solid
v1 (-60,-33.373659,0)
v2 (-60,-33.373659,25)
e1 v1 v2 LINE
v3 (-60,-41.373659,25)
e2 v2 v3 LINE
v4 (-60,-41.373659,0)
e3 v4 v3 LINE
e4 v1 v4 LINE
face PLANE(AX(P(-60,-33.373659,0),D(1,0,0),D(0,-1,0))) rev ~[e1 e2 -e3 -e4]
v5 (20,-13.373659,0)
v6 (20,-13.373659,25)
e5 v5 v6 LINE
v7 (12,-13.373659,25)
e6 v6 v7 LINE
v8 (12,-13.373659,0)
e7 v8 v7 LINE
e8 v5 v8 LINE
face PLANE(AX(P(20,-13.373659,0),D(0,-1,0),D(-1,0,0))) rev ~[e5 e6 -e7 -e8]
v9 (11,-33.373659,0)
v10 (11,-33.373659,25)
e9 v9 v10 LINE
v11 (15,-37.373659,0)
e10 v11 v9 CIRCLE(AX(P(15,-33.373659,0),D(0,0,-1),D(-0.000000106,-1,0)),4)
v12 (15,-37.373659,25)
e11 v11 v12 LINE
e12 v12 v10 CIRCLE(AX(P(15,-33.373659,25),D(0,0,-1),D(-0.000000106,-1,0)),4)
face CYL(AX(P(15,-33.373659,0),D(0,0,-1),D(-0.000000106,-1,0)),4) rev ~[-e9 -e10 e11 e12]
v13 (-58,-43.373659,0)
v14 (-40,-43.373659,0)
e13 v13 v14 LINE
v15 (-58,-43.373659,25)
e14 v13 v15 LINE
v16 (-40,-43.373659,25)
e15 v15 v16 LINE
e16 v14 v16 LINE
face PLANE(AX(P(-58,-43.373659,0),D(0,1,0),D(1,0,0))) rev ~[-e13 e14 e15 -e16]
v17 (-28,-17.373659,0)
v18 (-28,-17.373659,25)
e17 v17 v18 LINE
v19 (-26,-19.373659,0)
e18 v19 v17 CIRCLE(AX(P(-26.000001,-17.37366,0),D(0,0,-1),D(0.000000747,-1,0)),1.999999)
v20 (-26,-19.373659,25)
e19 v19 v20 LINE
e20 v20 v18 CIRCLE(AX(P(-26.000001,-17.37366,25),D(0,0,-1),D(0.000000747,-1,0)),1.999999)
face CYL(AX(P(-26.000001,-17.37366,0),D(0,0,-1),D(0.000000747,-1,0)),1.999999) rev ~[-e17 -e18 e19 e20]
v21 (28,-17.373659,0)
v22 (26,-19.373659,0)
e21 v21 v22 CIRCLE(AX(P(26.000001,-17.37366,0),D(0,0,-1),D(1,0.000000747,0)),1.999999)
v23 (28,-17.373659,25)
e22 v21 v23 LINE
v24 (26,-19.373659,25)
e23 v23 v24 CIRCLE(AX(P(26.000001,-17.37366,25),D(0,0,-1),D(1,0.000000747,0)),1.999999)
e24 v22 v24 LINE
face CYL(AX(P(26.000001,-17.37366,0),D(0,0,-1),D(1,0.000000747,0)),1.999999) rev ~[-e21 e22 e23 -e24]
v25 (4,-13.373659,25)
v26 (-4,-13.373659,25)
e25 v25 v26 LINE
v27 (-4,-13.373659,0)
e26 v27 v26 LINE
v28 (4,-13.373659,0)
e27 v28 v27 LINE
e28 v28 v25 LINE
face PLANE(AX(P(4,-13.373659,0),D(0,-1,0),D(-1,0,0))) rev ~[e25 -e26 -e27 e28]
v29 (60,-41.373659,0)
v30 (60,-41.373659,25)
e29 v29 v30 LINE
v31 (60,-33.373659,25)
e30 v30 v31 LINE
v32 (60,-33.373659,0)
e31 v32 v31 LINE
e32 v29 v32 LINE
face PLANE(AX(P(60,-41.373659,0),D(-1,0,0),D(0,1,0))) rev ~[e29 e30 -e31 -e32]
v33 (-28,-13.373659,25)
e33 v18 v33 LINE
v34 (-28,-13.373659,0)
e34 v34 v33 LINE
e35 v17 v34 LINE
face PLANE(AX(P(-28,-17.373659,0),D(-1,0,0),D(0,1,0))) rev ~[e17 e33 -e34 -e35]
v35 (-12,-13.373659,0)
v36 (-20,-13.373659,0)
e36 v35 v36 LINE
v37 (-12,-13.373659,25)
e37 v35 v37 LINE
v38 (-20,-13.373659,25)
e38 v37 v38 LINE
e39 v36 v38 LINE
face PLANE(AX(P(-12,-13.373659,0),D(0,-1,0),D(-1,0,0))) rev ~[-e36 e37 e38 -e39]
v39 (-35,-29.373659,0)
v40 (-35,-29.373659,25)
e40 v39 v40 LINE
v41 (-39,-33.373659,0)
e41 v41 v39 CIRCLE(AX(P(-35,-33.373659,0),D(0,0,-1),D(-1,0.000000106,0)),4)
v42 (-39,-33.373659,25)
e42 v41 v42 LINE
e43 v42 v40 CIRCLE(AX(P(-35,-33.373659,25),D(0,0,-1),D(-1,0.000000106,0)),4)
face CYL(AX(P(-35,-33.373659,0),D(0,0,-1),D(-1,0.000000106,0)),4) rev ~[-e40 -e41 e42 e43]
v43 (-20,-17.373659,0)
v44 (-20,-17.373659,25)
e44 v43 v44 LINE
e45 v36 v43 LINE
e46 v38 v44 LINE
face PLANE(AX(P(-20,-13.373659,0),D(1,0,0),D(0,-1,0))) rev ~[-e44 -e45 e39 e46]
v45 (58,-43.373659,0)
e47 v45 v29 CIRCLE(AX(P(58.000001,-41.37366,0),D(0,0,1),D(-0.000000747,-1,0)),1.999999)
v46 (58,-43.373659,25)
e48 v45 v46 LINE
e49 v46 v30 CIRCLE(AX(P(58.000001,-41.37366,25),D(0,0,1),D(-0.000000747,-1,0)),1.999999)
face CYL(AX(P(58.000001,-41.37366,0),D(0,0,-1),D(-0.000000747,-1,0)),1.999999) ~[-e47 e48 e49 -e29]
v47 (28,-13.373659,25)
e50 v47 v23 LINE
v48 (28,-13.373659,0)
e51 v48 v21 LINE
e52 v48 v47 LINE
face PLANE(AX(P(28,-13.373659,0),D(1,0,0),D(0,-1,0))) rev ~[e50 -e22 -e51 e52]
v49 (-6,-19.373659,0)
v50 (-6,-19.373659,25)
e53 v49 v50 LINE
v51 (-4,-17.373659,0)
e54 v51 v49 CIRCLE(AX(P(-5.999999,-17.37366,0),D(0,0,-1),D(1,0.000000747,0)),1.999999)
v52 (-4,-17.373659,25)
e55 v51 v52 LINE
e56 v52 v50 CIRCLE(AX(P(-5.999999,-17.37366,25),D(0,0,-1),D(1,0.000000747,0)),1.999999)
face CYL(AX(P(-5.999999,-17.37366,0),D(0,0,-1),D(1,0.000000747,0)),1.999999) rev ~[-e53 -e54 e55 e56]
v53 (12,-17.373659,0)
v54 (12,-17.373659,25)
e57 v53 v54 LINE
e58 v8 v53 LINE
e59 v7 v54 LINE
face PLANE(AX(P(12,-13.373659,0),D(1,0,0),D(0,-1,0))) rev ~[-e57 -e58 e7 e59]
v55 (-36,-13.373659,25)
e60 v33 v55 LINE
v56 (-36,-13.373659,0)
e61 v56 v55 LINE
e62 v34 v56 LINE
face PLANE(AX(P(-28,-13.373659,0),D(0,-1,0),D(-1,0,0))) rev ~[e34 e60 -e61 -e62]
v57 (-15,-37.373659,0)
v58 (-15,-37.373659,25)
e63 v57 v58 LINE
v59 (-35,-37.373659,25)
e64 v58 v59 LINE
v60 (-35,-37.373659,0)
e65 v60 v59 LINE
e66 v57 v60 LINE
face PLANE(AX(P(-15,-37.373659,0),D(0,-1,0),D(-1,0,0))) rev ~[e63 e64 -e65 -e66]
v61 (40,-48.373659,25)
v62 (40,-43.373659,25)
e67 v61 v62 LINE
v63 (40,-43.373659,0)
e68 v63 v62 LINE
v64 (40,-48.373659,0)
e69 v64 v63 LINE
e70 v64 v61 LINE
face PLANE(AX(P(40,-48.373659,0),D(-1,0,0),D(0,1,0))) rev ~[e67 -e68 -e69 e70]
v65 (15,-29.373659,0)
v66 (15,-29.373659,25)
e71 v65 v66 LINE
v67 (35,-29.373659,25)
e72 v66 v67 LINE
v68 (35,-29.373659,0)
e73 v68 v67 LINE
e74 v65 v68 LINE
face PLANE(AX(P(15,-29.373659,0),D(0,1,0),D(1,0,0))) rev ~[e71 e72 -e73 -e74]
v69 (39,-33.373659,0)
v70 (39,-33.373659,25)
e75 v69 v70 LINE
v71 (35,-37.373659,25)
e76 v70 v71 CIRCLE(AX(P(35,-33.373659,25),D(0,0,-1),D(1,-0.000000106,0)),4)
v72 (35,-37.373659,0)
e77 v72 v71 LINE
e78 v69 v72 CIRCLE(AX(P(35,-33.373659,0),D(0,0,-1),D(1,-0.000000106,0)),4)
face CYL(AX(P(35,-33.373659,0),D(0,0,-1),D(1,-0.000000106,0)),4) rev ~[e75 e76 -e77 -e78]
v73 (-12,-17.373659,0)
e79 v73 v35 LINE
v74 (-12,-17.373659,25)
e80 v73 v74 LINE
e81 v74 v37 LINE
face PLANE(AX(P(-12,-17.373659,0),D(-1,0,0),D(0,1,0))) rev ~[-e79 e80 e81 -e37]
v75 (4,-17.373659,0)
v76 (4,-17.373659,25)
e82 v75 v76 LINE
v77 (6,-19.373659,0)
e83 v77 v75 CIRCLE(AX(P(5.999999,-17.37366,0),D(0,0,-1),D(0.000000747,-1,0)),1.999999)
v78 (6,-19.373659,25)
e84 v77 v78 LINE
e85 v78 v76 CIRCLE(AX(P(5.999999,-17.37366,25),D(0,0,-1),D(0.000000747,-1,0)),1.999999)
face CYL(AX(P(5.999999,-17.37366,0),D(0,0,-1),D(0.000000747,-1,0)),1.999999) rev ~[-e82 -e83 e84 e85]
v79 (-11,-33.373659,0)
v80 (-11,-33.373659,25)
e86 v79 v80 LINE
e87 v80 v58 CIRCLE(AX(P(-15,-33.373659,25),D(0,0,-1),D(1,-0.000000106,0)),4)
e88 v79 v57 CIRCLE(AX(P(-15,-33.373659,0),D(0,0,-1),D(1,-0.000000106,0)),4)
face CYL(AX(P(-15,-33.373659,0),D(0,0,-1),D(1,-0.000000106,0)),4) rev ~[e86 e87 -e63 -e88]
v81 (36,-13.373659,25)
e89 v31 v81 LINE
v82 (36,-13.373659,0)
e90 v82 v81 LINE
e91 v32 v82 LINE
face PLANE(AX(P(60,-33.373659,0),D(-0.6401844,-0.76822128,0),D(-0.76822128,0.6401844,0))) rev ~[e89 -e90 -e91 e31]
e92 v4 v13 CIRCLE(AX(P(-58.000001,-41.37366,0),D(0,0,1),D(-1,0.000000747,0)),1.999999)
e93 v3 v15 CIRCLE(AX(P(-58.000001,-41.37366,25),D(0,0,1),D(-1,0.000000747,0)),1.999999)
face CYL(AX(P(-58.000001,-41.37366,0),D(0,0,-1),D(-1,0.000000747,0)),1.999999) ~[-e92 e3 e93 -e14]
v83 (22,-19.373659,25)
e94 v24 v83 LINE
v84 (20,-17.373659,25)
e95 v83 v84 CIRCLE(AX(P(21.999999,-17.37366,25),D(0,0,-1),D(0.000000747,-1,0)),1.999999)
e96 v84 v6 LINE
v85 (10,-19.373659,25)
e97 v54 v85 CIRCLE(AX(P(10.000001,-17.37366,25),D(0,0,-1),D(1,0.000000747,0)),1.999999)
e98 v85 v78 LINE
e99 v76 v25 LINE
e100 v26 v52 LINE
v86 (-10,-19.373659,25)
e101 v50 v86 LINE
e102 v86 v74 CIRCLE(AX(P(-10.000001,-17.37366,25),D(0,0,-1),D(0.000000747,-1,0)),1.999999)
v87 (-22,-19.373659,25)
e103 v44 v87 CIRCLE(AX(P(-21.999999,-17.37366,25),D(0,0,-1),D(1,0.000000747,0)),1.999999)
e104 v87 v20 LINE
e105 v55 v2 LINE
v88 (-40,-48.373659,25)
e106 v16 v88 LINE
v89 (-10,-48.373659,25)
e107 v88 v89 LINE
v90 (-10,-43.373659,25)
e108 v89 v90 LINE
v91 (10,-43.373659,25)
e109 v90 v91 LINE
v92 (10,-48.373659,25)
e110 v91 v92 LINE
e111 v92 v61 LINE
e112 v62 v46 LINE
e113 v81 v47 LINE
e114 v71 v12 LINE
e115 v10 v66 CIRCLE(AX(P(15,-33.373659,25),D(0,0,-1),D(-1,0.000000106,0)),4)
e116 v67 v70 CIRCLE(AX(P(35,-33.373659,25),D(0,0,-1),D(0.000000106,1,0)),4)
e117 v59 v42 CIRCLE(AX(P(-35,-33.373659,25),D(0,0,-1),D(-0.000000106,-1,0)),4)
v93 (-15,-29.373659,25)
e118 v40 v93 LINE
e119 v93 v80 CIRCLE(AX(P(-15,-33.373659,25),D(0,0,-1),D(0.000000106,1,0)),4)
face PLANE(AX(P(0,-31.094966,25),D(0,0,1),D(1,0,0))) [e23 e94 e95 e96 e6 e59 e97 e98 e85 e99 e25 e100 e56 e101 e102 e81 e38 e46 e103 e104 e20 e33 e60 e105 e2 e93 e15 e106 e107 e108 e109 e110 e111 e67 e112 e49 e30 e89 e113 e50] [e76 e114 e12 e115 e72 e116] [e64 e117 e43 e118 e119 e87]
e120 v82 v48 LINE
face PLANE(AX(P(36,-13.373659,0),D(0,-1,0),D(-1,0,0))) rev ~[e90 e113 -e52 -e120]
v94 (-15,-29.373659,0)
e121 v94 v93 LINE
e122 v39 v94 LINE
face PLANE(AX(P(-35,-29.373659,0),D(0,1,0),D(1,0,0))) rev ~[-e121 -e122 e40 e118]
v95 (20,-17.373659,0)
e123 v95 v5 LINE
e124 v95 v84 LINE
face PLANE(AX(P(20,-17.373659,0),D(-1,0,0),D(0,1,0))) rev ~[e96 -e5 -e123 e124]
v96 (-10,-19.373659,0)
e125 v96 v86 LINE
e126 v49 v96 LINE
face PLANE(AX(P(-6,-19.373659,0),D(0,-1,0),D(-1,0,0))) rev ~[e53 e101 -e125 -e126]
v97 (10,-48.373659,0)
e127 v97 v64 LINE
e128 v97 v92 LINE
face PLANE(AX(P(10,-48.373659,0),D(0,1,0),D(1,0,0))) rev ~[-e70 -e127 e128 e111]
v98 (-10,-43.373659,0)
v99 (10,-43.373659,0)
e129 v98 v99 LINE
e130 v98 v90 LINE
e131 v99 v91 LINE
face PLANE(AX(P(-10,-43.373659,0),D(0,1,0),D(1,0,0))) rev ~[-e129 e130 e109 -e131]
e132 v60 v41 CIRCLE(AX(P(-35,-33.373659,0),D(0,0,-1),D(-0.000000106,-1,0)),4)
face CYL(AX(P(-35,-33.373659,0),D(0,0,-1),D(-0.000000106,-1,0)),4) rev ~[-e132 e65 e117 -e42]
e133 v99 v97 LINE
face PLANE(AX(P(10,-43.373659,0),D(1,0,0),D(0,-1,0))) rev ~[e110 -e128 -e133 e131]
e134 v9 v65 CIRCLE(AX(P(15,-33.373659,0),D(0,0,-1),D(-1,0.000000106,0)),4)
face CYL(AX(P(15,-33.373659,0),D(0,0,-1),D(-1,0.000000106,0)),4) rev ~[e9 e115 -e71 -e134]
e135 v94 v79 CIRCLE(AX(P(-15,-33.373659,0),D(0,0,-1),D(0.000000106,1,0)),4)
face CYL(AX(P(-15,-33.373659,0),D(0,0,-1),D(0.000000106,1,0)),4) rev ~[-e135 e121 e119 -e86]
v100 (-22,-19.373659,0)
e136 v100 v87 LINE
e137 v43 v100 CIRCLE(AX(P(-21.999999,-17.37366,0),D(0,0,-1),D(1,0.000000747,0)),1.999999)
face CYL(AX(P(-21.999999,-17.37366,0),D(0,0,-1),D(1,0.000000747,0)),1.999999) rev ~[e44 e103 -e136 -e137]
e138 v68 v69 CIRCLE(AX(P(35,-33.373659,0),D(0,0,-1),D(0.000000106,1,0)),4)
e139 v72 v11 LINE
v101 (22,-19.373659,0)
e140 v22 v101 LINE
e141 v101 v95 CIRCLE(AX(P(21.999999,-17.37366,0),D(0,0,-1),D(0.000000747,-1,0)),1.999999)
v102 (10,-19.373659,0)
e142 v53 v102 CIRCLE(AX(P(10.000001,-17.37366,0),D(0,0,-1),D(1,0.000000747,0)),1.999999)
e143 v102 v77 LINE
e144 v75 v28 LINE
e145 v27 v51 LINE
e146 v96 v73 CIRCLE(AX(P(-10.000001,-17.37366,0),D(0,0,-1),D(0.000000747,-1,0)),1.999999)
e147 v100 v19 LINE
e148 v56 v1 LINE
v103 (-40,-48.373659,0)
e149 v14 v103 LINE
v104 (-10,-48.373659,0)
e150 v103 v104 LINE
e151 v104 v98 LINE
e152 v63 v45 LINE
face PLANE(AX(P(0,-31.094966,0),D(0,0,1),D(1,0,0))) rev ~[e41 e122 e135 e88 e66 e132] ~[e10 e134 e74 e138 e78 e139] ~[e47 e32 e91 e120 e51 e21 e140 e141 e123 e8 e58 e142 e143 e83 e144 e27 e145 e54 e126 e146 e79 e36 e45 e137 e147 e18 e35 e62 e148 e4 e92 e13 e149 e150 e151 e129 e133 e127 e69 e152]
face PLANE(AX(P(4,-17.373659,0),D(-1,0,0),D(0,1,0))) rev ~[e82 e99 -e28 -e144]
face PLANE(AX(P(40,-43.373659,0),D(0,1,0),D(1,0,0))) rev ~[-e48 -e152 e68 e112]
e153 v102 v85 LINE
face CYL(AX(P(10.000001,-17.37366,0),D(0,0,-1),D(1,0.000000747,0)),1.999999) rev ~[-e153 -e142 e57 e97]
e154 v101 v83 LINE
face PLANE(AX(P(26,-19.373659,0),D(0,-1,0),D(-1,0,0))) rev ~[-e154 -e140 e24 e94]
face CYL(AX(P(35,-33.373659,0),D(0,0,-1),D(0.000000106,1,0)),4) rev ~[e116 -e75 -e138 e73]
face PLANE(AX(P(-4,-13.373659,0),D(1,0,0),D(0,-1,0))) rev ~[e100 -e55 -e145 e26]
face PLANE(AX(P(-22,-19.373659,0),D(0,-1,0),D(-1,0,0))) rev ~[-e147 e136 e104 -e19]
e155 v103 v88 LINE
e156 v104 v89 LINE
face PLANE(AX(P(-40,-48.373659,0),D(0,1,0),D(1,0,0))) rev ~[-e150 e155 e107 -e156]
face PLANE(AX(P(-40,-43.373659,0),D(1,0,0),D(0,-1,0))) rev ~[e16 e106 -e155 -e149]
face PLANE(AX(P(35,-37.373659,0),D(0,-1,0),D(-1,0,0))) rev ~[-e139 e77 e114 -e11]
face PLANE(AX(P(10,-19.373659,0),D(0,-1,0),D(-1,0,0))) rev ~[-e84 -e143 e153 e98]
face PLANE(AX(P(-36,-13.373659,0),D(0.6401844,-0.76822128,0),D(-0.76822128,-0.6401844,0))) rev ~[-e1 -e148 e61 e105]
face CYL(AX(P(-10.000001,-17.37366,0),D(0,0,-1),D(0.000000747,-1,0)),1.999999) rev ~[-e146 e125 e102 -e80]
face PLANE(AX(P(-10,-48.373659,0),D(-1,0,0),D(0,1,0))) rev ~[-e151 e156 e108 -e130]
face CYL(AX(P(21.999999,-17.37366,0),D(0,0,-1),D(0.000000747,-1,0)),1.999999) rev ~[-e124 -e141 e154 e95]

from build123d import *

# Parameters (mm, degrees)
F1_DEPTH = 25


with BuildPart() as f1:
    # F0 (on Top) → F1 (new body)
    with BuildSketch(Plane.XY):
        with BuildLine():
            ThreePointArc((-60, -41.373659), (-59.414214, -42.787873), (-58, -43.373659))
            Line((-58, -43.373659), (-40, -43.373659))
            Line((-40, -43.373659), (-40, -48.373659))
            Line((-40, -48.373659), (-10, -48.373659))
            Line((-10, -48.373659), (-10, -43.373659))
            Line((-10, -43.373659), (10, -43.373659))
            Line((10, -43.373659), (10, -48.373659))
            Line((10, -48.373659), (40, -48.373659))
            Line((40, -48.373659), (40, -43.373659))
            Line((40, -43.373659), (58, -43.373659))
            ThreePointArc((58, -43.373659), (59.414214, -42.787873), (60, -41.373659))
            Line((60, -41.373659), (60, -33.373659))
            Line((60, -33.373659), (36, -13.373659))
            Line((36, -13.373659), (28, -13.373659))
            Line((28, -13.373659), (28, -17.373659))
            ThreePointArc((28, -17.373659), (27.414214, -18.787873), (26, -19.373659))
            Line((26, -19.373659), (22, -19.373659))
            ThreePointArc((22, -19.373659), (20.585786, -18.787873), (20, -17.373659))
            Line((20, -17.373659), (20, -13.373659))
            Line((20, -13.373659), (12, -13.373659))
            Line((12, -13.373659), (12, -17.373659))
            ThreePointArc((12, -17.373659), (11.414214, -18.787873), (10, -19.373659))
            Line((10, -19.373659), (6, -19.373659))
            ThreePointArc((6, -19.373659), (4.585786, -18.787873), (4, -17.373659))
            Line((4, -17.373659), (4, -13.373659))
            Line((4, -13.373659), (-4, -13.373659))
            Line((-4, -13.373659), (-4, -17.373659))
            ThreePointArc((-4, -17.373659), (-4.585786, -18.787873), (-6, -19.373659))
            Line((-6, -19.373659), (-10, -19.373659))
            ThreePointArc((-10, -19.373659), (-11.414214, -18.787873), (-12, -17.373659))
            Line((-12, -17.373659), (-12, -13.373659))
            Line((-12, -13.373659), (-20, -13.373659))
            Line((-20, -13.373659), (-20, -17.373659))
            ThreePointArc((-20, -17.373659), (-20.585786, -18.787873), (-22, -19.373659))
            Line((-22, -19.373659), (-26, -19.373659))
            ThreePointArc((-26, -19.373659), (-27.414214, -18.787873), (-28, -17.373659))
            Line((-28, -17.373659), (-28, -13.373659))
            Line((-28, -13.373659), (-36, -13.373659))
            Line((-36, -13.373659), (-60, -33.373659))
            Line((-60, -33.373659), (-60, -41.373659))
        make_face()
        with BuildLine():
            Line((-35, -29.373659), (-15, -29.373659))
            ThreePointArc((-15, -29.373659), (-12.171573, -30.545232), (-11, -33.373659))
            ThreePointArc((-11, -33.373659), (-12.171573, -36.202086), (-15, -37.373659))
            Line((-15, -37.373659), (-35, -37.373659))
            ThreePointArc((-35, -37.373659), (-37.828427, -36.202086), (-39, -33.373659))
            ThreePointArc((-39, -33.373659), (-37.828427, -30.545232), (-35, -29.373659))
        make_face(mode=Mode.SUBTRACT)
        with BuildLine():
            ThreePointArc((11, -33.373659), (12.171573, -30.545232), (15, -29.373659))
            Line((15, -29.373659), (35, -29.373659))
            ThreePointArc((35, -29.373659), (37.828427, -30.545232), (39, -33.373659))
            ThreePointArc((39, -33.373659), (37.828427, -36.202086), (35, -37.373659))
            Line((35, -37.373659), (15, -37.373659))
            ThreePointArc((15, -37.373659), (12.171573, -36.202086), (11, -33.373659))
        make_face(mode=Mode.SUBTRACT)
    extrude(amount=F1_DEPTH)


solid = f1.part
